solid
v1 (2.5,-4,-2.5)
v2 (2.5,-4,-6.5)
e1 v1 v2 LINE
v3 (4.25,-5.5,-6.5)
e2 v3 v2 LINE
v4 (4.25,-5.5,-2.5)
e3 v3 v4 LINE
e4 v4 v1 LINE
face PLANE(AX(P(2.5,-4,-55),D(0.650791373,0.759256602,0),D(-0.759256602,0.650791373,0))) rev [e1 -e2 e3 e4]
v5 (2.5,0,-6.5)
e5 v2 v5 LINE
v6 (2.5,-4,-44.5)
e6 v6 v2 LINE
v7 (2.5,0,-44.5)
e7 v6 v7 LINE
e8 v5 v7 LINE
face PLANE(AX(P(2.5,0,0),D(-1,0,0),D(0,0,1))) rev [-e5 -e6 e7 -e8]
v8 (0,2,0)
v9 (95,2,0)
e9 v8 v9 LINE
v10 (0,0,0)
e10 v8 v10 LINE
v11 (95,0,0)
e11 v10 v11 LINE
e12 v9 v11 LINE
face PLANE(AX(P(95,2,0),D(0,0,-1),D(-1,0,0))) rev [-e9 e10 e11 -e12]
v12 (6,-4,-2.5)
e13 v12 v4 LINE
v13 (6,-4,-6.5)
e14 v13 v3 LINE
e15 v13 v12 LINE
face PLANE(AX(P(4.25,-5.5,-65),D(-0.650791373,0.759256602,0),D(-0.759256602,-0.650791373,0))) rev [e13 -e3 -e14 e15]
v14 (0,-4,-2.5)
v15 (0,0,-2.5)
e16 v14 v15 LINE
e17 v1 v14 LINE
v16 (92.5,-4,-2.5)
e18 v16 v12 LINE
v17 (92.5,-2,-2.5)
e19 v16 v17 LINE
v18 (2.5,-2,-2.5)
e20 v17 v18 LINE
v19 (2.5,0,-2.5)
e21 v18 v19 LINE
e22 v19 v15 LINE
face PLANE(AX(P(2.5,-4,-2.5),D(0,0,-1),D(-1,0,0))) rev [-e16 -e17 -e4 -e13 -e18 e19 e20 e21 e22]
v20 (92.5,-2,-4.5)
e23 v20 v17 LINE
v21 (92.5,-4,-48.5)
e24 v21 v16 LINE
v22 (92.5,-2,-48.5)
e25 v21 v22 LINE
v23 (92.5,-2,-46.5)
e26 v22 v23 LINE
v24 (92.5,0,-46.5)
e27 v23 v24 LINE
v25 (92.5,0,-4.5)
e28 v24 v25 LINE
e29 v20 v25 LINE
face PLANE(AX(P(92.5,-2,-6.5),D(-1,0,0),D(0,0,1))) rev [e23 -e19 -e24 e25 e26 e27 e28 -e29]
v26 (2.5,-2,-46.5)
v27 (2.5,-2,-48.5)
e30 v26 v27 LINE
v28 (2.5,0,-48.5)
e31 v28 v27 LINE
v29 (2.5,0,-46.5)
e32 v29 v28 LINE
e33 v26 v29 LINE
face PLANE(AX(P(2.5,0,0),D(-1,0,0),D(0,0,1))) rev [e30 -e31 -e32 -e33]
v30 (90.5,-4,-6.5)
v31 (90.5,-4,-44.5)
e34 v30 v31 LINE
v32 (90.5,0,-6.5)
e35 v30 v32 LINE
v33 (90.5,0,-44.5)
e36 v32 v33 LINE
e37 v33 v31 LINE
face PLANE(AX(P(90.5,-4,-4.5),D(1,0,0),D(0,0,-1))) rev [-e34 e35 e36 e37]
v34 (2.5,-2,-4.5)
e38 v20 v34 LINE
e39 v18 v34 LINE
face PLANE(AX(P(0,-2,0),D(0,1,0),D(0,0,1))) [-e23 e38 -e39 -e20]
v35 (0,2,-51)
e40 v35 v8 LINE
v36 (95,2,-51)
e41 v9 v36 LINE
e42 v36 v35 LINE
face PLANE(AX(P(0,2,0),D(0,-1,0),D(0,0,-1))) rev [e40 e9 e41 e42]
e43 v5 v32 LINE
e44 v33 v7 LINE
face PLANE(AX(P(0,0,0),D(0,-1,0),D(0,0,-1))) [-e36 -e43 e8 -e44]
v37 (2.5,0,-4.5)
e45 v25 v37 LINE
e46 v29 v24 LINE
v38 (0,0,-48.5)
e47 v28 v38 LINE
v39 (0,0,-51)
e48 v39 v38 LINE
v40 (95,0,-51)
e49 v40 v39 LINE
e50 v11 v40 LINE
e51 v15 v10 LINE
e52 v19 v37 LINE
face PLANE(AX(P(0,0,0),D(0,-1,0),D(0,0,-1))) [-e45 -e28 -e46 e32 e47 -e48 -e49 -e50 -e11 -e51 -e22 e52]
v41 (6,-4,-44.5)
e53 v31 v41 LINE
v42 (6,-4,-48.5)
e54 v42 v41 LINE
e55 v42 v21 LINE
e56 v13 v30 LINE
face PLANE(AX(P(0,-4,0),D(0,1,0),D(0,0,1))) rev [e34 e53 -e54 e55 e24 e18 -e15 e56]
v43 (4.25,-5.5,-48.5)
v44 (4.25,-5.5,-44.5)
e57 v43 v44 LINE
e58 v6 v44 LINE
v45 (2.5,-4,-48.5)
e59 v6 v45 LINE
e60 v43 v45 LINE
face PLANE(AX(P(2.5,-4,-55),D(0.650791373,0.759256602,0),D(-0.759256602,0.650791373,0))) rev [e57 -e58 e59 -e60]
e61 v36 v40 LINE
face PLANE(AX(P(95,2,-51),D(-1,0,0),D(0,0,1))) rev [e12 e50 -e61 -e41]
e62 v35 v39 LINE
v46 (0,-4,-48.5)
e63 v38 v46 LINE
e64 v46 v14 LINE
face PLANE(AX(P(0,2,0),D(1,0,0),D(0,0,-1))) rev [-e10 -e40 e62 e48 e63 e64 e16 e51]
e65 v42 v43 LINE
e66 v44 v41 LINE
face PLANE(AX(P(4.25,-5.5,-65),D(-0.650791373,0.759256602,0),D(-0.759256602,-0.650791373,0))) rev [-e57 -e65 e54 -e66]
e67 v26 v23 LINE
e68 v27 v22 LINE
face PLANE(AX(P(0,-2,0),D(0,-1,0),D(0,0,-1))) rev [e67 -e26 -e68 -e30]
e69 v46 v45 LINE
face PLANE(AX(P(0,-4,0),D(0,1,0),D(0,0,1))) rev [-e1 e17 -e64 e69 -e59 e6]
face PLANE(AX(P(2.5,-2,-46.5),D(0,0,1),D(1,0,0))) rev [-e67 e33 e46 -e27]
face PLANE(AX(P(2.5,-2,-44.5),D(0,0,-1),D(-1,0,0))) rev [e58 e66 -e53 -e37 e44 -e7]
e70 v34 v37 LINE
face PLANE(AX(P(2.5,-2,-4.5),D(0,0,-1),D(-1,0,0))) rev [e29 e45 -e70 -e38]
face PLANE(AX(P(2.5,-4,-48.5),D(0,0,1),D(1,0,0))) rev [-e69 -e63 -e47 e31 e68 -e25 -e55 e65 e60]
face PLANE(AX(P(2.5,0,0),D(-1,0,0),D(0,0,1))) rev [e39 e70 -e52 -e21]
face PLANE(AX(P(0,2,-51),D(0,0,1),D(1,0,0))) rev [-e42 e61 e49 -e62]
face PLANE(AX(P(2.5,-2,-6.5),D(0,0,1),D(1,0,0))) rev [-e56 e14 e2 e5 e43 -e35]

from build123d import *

# Parameters (mm, degrees)
ESBO_O1_W                = 95
ESBO_O1_H                = 51
RESSALTO_EXTRUS_O1_DEPTH = 2
ESBO_O3_W                = 90
ESBO_O3_H                = 2
RESSALTO_EXTRUS_O3_DEPTH = 2
ESBO_O5_W                = 90
ESBO_O5_H                = 2
RESSALTO_EXTRUS_O4_DEPTH = 2
ESBO_O6_W                = 2
ESBO_O6_H                = 42
RESSALTO_EXTRUS_O5_DEPTH = 4
ESBO_O7_W                = 90
ESBO_O7_H                = 4
RESSALTO_EXTRUS_O6_DEPTH = 2
ESBO_O8_W                = 46
ESBO_O8_H                = 4
RESSALTO_EXTRUS_O7_DEPTH = 2.5
ESBO_O10_W               = 3.5
ESBO_O10_H               = 4
RESSALTO_EXTRUS_O8_DEPTH = 1.5
CORTE_EXTRUS_O1_DEPTH    = 52.5
CORTE_EXTRUS_O2_DEPTH    = 62.5


with BuildPart() as part:
    # Esboço1 → Ressalto-extrusão1 (new body)
    with BuildSketch(Plane(origin=(0, 0, 0), x_dir=(1, 0, 0), z_dir=(0, 1, 0))):
        with Locations((47.5, 25.5)):
            Rectangle(ESBO_O1_W, ESBO_O1_H)
    extrude(amount=RESSALTO_EXTRUS_O1_DEPTH)

    # Esboço3 → Ressalto-extrusão3 (add)
    with BuildSketch(Plane(origin=(0, 0, 0), x_dir=(-1, 0, 0), z_dir=(0, -1, 0))):
        with Locations((-47.5, 5.5)):
            Rectangle(ESBO_O3_W, ESBO_O3_H)
    extrude(amount=RESSALTO_EXTRUS_O3_DEPTH)

    # Esboço5 → Ressalto-extrusão4 (add)
    with BuildSketch(Plane.XZ):
        with Locations((47.5, -45.5)):
            Rectangle(ESBO_O5_W, ESBO_O5_H)
    extrude(amount=RESSALTO_EXTRUS_O4_DEPTH)

    # Esboço6 → Ressalto-extrusão5 (add)
    with BuildSketch(Plane.XZ):
        with Locations((91.5, -25.5)):
            Rectangle(ESBO_O6_W, ESBO_O6_H)
    extrude(amount=RESSALTO_EXTRUS_O5_DEPTH)

    # Esboço7 → Ressalto-extrusão6 (add)
    with BuildSketch(Plane(origin=(0, -2, 0), x_dir=(-1, 0, 0), z_dir=(0, -1, 0))):
        with Locations((-47.5, 4.5)):
            Rectangle(ESBO_O7_W, ESBO_O7_H)
        with Locations((-47.5, 46.5)):
            Rectangle(ESBO_O7_W, ESBO_O7_H)
    extrude(amount=RESSALTO_EXTRUS_O6_DEPTH)

    # Esboço8 → Ressalto-extrusão7 (add)
    with BuildSketch(Plane.ZY):
        with Locations((-25.5, -2)):
            Rectangle(ESBO_O8_W, ESBO_O8_H)
    extrude(amount=-RESSALTO_EXTRUS_O7_DEPTH)

    # Esboço10 → Ressalto-extrusão8 (add)
    with BuildSketch(Plane.XZ.offset(4)):
        with Locations((4.25, -4.5)):
            Rectangle(ESBO_O10_W, ESBO_O10_H)
        with Locations((4.25, -46.5)):
            Rectangle(ESBO_O10_W, ESBO_O10_H)
    extrude(amount=RESSALTO_EXTRUS_O8_DEPTH)

    # Esboço12 → Corte-extrusão1 (cut)
    with BuildSketch(Plane.XY.offset(-2.5)):
        Polygon((2.5, -4), (4.25, -5.5), (2.5, -5.5), align=None)
    extrude(amount=-CORTE_EXTRUS_O1_DEPTH, mode=Mode.SUBTRACT)

    # Esboço13 → Corte-extrusão2 (cut)
    with BuildSketch(Plane.XY.offset(-2.5)):
        Polygon((4.25, -5.5), (6, -4), (6, -5.5), align=None)
    extrude(amount=-CORTE_EXTRUS_O2_DEPTH, mode=Mode.SUBTRACT)


solid = part.part
